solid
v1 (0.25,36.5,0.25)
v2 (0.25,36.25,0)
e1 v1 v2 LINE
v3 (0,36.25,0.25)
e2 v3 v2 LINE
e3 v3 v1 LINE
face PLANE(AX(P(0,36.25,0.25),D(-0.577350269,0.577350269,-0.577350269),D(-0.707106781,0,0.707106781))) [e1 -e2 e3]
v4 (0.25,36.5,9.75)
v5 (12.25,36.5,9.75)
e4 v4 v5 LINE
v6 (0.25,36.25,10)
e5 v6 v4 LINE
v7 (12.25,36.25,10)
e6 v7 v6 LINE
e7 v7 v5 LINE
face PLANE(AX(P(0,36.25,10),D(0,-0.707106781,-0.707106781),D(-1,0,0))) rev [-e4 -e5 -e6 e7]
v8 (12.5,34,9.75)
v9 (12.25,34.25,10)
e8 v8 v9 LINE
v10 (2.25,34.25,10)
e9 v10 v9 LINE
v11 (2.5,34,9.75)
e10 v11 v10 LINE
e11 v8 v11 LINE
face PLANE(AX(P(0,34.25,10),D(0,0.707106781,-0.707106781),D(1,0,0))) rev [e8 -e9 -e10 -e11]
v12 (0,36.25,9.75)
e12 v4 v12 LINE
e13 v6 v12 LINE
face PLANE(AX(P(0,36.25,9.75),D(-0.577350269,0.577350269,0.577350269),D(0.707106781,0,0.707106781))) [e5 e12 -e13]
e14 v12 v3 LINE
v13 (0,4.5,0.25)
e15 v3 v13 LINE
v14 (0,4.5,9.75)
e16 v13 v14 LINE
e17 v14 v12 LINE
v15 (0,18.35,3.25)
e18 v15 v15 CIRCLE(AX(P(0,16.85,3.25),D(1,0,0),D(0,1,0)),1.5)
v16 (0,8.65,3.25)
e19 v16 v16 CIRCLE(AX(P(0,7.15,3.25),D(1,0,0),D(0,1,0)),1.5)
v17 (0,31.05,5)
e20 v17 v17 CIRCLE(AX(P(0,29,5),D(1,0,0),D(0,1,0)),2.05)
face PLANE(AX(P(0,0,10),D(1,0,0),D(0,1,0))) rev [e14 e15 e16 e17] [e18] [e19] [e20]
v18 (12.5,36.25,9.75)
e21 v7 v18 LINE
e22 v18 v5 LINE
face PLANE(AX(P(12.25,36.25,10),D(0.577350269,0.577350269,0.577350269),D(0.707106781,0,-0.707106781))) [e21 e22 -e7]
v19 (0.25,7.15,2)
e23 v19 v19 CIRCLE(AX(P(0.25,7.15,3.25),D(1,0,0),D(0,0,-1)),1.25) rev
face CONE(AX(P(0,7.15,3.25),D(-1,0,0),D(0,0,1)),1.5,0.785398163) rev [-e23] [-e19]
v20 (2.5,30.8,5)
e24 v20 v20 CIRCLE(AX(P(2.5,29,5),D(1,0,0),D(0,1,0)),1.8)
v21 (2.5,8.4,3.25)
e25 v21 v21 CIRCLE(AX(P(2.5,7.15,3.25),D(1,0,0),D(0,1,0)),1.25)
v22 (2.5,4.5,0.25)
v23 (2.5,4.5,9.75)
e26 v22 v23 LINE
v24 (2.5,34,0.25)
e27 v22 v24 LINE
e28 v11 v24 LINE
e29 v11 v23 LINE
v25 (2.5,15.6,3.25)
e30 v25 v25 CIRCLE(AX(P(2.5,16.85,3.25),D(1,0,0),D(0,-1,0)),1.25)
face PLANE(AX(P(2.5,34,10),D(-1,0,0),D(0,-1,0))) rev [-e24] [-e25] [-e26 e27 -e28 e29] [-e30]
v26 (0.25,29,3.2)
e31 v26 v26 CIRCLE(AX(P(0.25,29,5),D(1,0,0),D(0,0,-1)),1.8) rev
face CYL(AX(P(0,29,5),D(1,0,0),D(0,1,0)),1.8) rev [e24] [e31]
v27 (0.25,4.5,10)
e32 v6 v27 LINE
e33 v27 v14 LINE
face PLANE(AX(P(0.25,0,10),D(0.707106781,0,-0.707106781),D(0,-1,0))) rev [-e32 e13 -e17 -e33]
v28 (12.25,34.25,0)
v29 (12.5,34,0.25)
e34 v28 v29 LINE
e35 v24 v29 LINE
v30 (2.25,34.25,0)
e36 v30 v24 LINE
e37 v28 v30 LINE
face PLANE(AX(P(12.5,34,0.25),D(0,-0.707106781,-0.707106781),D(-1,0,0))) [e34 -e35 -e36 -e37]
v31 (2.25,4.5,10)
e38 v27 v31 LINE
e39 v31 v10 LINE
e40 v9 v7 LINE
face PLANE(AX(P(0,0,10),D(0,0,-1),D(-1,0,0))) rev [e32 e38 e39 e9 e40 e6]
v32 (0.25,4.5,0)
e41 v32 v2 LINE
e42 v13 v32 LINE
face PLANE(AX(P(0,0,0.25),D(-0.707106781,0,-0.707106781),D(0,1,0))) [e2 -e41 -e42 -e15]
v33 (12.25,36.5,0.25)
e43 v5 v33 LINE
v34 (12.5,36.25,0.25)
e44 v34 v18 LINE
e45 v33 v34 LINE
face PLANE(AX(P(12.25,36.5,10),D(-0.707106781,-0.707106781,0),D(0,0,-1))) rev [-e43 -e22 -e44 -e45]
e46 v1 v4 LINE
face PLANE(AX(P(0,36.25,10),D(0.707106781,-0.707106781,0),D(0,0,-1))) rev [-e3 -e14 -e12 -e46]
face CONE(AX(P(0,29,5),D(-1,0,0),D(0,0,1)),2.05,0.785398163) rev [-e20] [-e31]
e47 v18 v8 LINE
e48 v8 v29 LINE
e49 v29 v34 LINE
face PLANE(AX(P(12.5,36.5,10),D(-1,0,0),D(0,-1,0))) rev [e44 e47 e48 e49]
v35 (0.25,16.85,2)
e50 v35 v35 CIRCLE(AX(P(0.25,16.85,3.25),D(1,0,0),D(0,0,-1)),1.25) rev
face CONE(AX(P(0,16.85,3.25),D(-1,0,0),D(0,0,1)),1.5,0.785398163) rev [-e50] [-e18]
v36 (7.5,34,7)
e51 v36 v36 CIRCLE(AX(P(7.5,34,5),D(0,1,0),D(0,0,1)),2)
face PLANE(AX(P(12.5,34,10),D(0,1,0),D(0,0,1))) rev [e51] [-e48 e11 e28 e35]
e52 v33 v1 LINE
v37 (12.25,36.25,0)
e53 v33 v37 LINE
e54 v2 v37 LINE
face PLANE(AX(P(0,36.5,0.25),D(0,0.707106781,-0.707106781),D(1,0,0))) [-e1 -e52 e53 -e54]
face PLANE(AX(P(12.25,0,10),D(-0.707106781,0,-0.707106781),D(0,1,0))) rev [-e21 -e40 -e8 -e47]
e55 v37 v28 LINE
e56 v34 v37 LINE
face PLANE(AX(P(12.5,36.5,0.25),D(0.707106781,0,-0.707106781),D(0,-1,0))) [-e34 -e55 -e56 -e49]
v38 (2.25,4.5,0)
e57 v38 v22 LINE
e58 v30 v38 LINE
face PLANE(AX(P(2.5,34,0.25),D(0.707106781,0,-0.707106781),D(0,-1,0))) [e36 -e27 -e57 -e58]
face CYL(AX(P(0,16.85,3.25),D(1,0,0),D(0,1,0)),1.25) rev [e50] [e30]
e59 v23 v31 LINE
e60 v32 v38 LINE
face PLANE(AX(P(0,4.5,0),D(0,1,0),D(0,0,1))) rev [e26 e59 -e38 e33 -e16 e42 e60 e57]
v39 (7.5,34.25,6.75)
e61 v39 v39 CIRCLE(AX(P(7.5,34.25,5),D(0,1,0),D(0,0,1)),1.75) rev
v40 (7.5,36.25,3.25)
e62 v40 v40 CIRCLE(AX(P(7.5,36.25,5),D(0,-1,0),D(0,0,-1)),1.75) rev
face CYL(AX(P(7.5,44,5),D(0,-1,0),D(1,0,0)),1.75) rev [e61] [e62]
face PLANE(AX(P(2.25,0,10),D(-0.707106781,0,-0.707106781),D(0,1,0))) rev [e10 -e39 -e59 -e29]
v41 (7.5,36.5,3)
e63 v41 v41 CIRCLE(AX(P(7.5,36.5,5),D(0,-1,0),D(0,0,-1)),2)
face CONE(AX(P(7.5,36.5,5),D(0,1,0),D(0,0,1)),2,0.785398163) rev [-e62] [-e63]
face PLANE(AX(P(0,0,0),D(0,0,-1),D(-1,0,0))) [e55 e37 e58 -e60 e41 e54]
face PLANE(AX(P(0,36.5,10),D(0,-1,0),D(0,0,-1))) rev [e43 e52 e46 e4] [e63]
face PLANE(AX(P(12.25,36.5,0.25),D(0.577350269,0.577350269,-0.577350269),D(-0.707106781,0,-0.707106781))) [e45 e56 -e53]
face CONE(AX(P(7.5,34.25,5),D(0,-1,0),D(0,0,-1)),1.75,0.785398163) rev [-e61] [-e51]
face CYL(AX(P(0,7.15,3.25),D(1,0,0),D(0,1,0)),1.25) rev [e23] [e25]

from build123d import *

# Parameters (mm, degrees)
BOSS_EXTRUDE1_DEPTH = 10
SKETCH2_R           = 1.75
CUT_EXTRUDE1_DEPTH  = 10
SKETCH3_R           = 1.25
SKETCH3_R_2         = 1.8
CUT_EXTRUDE2_DEPTH  = 40.143965052
CHAMFER1_SIZE       = 0.25
SKETCH4_W           = 13.022509218
SKETCH4_H           = 4.5
CUT_EXTRUDE3_DEPTH  = 40.143965052


with BuildPart() as part:
    # Sketch1 → Boss-Extrude1 (new body)
    with BuildSketch(Plane.XY):
        Polygon((0, 0), (0, 36.5), (12.5, 36.5), (12.5, 34), (2.5, 34), (2.5, 0), align=None)
    extrude(amount=BOSS_EXTRUDE1_DEPTH)

    # Sketch2 → Cut-Extrude1 (cut)
    with BuildSketch(Plane.XZ.offset(-34)):
        with Locations((7.5, 5)):
            Circle(SKETCH2_R)
    extrude(amount=-CUT_EXTRUDE1_DEPTH, mode=Mode.SUBTRACT)

    # Sketch3 → Cut-Extrude2 (cut, through all)
    with BuildSketch(Plane(origin=(2.5, 0, 0), x_dir=(0, 0, -1), z_dir=(1, 0, 0))):
        with Locations(Location((-3.25, 7.15, 0), (0, 0, 90))):
            Circle(SKETCH3_R)
        with Locations(Location((-3.25, 16.85, 0), (0, 0, 270))):
            Circle(SKETCH3_R)
        with Locations(Location((-5, 29, 0), (0, 0, 90))):
            Circle(SKETCH3_R_2)
    extrude(amount=-CUT_EXTRUDE2_DEPTH, mode=Mode.SUBTRACT)

    # Chamfer1
    chamfer1_edges = [part.edges().sort_by_distance(p)[0] for p in [
        (0, 0, 5),
        (0, 36.5, 5),
        (12.5, 36.5, 5),
        (2.5, 0, 5),
        (7.5, 34, 10),
        (12.5, 35.25, 10),
        (5.75, 36.5, 5),
        (6.25, 36.5, 10),
        (5.75, 34, 5),
        (0, 18.25, 10),
        (0, 5.9, 3.25),
        (0, 18.1, 3.25),
        (0, 27.2, 5),
        (1.25, 0, 10),
        (0, 18.25, 0),
        (6.25, 36.5, 0),
        (12.5, 35.25, 0),
        (7.5, 34, 0),
        (2.5, 17, 0),
        (1.25, 0, 0),
        (2.5, 17, 10),
    ]]
    chamfer(chamfer1_edges, length=CHAMFER1_SIZE)

    # Sketch4 → Cut-Extrude3 (cut, through all)
    with BuildSketch(Plane(origin=(2.5, 0, 0), x_dir=(0, 0, -1), z_dir=(1, 0, 0))):
        with Locations((-6.511254609, 2.25)):
            Rectangle(SKETCH4_W, SKETCH4_H)
    extrude(amount=-CUT_EXTRUDE3_DEPTH, mode=Mode.SUBTRACT)


solid = part.part
